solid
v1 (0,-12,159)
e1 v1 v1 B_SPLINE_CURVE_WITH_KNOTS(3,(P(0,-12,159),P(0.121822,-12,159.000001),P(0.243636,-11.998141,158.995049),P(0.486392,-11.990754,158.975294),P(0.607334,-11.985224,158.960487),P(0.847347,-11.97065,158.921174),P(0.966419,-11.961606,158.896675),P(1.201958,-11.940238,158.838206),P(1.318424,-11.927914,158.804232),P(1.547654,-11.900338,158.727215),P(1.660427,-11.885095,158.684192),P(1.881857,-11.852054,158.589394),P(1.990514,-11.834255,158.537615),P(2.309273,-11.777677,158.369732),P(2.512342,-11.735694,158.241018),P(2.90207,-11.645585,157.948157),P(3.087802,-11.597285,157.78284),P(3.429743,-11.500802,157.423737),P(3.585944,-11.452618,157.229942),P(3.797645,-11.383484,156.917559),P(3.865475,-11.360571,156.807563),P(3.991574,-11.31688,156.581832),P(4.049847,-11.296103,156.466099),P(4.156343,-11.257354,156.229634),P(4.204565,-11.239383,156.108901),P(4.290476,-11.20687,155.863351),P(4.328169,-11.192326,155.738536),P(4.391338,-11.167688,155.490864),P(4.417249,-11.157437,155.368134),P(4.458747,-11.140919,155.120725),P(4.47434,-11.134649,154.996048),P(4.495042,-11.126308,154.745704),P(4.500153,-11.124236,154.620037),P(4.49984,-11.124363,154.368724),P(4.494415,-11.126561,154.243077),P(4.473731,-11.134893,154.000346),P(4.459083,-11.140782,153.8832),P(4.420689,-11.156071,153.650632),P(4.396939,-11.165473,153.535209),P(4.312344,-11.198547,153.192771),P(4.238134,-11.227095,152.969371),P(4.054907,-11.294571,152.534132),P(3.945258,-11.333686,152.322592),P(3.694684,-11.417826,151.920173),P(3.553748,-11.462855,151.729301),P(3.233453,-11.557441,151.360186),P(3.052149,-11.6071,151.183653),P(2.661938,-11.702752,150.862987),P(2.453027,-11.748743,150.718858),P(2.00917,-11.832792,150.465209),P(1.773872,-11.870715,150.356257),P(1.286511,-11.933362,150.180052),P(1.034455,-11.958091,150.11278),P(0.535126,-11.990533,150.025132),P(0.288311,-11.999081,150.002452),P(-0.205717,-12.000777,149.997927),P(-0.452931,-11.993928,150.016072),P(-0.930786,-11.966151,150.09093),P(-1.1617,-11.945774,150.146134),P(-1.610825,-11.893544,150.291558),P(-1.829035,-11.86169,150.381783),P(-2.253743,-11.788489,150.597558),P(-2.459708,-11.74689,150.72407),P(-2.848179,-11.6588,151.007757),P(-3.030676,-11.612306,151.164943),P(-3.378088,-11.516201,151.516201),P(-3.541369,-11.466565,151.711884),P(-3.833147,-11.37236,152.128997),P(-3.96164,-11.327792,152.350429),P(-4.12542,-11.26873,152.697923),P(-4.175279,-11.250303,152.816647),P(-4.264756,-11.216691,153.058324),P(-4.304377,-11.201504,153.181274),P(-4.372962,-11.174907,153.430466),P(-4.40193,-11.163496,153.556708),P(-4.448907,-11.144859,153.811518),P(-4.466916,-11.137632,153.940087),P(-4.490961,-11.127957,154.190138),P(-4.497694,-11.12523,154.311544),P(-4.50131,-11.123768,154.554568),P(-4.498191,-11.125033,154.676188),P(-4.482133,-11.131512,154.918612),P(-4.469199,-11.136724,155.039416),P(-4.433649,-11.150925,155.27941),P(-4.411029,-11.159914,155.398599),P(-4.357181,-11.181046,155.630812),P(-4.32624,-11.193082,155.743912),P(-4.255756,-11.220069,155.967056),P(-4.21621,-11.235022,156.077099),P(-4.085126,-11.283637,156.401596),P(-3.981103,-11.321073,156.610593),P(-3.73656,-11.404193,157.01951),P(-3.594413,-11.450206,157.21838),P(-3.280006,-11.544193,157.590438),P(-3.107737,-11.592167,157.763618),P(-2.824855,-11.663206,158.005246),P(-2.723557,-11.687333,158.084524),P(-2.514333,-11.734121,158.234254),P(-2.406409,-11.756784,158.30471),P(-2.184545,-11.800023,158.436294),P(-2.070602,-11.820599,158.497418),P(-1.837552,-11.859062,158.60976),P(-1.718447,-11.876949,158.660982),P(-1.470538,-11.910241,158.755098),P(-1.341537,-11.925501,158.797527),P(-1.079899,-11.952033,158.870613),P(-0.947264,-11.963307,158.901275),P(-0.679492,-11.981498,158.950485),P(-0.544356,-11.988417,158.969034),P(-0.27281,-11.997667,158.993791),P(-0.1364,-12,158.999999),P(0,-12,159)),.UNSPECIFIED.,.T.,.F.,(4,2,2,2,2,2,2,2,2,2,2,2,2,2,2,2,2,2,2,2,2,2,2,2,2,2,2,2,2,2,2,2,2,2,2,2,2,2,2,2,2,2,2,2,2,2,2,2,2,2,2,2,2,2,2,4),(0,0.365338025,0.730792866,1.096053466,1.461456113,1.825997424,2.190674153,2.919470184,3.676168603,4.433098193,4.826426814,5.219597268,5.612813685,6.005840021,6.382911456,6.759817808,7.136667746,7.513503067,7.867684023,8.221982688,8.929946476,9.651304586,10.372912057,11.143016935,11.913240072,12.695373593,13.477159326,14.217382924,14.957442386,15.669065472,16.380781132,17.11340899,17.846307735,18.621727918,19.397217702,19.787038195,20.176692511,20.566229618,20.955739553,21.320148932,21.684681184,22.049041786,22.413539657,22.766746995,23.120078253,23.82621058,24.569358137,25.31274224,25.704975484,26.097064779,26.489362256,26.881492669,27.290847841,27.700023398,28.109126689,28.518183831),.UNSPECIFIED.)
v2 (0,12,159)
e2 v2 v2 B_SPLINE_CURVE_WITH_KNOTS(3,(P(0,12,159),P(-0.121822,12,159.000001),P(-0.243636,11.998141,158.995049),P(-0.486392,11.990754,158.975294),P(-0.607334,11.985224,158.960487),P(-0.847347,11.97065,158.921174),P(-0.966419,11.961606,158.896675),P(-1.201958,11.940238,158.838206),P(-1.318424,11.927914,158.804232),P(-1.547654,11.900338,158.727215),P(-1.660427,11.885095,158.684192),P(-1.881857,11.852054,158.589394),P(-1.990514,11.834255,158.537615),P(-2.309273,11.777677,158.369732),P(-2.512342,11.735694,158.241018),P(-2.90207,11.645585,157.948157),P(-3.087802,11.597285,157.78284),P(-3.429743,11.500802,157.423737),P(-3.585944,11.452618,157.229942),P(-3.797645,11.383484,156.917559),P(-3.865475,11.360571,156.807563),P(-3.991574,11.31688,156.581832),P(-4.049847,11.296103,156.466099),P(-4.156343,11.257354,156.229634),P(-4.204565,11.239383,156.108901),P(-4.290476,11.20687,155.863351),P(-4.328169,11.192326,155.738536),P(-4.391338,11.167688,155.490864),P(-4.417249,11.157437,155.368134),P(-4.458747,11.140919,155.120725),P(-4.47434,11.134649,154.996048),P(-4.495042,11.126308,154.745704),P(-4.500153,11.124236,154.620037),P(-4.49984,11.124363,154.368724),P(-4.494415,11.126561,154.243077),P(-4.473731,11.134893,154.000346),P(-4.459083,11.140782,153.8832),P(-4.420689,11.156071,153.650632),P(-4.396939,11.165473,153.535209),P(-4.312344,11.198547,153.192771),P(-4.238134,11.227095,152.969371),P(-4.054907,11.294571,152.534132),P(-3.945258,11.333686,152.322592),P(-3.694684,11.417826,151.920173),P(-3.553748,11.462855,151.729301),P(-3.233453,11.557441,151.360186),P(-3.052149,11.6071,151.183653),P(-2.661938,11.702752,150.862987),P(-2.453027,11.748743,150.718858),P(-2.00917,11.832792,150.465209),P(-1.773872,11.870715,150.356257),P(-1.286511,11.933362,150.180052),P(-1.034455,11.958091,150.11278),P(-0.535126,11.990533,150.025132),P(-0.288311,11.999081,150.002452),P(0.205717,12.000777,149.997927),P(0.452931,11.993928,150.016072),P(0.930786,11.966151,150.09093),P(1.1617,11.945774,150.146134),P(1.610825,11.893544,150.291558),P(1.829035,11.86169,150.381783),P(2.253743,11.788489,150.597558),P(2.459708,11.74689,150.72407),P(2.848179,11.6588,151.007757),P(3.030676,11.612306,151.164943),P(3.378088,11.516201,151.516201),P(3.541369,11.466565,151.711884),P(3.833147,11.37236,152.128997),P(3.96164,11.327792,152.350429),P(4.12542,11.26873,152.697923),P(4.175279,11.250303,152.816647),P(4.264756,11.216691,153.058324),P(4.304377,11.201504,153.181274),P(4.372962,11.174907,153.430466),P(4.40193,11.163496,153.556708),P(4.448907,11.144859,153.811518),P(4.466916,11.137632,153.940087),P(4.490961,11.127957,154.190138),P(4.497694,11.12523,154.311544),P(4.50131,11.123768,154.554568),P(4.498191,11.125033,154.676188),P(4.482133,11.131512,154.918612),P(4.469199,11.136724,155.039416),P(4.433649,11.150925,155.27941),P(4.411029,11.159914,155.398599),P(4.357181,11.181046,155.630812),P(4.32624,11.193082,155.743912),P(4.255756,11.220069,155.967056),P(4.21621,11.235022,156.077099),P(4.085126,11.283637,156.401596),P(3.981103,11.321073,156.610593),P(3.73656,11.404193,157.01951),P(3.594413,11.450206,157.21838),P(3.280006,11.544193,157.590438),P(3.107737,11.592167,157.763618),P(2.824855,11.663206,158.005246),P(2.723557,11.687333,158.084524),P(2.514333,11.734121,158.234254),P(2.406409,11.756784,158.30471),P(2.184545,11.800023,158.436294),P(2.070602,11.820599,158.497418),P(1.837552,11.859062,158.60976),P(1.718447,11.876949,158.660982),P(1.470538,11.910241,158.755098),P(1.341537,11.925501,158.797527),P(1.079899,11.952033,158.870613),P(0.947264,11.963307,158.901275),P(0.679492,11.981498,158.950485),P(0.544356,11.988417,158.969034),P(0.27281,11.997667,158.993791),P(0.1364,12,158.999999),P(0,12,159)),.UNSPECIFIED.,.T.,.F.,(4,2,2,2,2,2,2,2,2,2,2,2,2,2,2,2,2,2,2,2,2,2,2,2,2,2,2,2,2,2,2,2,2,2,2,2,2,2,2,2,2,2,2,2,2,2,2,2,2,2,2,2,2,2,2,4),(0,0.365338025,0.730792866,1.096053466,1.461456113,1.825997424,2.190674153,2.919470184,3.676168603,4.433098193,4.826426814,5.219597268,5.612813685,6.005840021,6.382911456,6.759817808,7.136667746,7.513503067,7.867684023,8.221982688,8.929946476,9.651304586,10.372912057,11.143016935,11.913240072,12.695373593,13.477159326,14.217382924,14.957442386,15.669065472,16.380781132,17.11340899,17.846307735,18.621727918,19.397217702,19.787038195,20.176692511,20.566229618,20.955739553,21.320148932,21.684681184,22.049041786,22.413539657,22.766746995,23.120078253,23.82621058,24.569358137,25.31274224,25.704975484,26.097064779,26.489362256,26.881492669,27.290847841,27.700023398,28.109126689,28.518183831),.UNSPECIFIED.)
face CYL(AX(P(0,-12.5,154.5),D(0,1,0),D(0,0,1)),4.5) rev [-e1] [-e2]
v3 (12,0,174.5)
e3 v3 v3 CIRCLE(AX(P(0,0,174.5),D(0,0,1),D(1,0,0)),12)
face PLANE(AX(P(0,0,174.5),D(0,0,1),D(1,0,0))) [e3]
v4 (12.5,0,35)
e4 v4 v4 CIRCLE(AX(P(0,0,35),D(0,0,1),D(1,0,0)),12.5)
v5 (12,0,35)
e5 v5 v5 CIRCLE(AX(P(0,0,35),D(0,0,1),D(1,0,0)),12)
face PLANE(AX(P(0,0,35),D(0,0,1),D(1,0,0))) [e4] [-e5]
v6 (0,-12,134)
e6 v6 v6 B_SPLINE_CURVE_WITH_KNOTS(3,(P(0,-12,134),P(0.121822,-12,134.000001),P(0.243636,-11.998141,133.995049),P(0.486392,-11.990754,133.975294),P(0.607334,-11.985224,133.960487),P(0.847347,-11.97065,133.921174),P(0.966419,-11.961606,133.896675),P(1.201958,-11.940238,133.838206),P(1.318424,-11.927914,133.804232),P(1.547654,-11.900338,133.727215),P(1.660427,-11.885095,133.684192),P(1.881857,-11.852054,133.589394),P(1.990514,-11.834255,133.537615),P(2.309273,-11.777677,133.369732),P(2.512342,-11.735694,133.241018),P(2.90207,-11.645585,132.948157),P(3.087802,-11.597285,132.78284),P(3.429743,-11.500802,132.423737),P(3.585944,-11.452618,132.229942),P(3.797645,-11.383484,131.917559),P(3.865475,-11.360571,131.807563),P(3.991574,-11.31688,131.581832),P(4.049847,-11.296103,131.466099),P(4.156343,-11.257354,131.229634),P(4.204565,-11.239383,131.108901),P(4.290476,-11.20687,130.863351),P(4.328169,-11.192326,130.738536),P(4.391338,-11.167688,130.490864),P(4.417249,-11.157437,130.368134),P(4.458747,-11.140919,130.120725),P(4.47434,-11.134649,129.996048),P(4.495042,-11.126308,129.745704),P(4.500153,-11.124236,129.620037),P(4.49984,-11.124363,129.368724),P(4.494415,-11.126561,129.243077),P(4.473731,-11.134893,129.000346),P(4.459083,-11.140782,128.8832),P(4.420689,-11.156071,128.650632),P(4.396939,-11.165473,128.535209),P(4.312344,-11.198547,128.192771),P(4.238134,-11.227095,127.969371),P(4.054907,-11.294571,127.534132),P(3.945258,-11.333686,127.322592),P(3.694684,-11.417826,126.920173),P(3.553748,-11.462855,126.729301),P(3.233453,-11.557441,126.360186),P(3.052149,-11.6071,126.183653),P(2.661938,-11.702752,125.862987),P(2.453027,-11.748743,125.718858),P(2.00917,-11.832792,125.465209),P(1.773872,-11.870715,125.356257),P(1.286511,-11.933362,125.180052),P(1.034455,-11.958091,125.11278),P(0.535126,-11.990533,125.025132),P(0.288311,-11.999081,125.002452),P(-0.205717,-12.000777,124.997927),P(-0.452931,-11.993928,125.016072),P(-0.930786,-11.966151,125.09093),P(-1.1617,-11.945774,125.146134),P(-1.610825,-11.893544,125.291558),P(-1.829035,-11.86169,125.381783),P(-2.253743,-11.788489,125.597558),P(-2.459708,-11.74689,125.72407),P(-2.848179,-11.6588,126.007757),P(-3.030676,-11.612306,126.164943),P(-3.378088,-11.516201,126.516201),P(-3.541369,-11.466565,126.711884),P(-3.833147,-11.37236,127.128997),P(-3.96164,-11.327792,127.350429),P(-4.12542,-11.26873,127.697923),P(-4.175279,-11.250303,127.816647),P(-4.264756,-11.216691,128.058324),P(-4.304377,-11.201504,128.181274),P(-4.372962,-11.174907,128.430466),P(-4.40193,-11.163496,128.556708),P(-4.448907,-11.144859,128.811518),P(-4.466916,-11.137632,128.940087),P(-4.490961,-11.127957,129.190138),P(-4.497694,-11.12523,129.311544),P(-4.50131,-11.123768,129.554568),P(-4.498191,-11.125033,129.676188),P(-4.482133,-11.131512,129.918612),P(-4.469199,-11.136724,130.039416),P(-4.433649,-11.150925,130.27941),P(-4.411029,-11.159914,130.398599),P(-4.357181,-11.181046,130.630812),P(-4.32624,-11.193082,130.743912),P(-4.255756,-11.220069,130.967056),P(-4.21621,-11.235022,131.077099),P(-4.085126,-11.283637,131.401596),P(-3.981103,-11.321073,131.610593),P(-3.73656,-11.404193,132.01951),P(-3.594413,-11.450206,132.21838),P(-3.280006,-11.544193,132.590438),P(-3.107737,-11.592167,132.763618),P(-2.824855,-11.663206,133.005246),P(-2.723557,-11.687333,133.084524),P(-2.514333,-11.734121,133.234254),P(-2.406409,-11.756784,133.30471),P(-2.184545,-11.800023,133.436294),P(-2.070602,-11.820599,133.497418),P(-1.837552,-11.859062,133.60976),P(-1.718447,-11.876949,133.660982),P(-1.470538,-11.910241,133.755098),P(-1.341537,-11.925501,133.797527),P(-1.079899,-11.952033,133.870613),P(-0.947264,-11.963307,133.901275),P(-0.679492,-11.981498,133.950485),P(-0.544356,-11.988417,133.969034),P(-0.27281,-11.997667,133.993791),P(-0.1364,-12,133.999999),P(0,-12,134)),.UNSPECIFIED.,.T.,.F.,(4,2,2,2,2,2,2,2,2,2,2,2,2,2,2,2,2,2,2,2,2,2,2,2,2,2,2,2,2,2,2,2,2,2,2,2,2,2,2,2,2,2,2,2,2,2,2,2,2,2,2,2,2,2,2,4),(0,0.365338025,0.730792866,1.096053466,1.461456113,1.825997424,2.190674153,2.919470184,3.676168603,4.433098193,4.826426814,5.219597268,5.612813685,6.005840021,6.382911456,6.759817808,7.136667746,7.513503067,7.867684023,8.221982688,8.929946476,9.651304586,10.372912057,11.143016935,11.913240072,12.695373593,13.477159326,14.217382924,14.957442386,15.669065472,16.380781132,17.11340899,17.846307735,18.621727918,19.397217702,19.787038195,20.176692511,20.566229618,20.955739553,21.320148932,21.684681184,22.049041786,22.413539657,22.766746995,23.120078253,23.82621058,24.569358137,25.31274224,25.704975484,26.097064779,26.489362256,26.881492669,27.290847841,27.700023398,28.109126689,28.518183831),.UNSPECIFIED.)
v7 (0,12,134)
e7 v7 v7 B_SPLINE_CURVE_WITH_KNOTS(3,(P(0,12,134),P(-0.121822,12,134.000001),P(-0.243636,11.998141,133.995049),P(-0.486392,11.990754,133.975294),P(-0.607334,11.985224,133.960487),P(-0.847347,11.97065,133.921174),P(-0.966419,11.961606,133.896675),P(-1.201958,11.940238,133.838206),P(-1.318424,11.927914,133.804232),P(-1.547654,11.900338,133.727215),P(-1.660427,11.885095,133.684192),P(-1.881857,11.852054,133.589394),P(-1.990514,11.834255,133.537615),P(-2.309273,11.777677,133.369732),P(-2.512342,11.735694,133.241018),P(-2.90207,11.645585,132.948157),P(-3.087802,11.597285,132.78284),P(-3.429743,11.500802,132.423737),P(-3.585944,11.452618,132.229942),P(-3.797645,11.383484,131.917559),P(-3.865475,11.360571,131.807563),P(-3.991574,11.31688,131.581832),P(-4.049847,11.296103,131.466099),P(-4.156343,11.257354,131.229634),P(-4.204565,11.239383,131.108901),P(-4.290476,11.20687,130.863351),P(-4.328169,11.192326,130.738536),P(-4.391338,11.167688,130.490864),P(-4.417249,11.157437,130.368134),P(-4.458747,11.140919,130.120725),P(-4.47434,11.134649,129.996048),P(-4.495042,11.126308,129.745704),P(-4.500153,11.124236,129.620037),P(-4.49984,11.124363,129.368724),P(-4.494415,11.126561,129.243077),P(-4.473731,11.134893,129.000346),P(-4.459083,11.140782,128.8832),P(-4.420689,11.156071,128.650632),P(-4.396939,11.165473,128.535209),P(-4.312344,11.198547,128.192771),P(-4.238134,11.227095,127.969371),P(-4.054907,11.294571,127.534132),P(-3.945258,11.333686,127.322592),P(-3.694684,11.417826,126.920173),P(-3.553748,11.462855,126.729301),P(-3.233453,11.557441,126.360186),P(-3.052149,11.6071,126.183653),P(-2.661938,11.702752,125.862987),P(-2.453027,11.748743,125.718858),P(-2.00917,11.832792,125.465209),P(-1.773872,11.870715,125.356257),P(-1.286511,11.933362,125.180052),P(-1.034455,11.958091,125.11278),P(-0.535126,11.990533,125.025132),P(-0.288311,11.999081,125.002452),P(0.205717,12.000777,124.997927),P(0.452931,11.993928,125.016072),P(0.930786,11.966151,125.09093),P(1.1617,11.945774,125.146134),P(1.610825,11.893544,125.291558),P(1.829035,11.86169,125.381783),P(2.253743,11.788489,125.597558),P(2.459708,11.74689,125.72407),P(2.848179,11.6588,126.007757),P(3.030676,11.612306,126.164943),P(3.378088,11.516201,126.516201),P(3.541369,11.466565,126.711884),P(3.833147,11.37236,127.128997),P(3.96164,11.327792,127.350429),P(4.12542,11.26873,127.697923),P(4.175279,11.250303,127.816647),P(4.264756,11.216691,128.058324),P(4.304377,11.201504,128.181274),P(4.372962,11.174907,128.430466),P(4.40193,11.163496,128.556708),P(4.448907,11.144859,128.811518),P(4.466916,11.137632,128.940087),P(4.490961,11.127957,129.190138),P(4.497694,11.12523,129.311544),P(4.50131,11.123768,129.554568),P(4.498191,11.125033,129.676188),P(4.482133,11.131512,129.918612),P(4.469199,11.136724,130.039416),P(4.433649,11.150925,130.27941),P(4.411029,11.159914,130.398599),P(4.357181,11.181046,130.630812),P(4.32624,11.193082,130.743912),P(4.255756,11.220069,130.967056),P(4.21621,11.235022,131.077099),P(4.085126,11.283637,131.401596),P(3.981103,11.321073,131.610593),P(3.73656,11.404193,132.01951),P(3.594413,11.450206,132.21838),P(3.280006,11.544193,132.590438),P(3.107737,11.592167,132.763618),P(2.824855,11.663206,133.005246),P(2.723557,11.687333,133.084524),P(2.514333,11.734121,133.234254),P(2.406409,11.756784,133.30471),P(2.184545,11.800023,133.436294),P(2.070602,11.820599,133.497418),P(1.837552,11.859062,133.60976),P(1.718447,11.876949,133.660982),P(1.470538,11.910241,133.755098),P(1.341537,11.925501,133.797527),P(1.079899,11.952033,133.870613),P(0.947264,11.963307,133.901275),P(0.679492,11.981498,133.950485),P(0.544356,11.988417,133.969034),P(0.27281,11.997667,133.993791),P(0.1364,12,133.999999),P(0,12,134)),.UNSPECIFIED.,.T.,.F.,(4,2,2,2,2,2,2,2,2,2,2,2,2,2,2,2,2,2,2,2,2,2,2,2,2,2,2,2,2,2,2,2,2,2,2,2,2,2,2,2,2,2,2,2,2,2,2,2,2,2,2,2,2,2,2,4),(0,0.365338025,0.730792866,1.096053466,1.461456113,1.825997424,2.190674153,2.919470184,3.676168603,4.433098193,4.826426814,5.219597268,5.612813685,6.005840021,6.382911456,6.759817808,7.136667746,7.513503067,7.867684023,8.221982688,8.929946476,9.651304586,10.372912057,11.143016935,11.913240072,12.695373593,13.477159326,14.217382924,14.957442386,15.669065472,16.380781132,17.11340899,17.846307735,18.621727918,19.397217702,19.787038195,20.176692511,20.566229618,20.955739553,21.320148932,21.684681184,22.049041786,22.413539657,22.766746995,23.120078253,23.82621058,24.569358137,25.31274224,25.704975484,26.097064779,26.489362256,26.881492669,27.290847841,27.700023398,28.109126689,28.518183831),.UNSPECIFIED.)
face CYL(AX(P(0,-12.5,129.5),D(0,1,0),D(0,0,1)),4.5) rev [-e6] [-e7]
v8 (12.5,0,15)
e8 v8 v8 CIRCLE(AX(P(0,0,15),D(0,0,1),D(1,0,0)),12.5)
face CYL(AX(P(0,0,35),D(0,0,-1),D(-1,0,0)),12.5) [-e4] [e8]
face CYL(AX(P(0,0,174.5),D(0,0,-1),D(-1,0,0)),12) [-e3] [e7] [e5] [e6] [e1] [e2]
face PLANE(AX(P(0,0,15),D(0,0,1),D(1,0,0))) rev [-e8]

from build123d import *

# Parameters (mm, degrees)
SKETCH1_R               = 10
BOSS_EXTRUDE1_DEPTH     = 15
SKETCH2_R               = 12.5
BOSS_EXTRUDE2_DEPTH     = 20
SKETCH3_R               = 12
BOSS_EXTRUDE3_DEPTH     = 139.5
SKETCH4_R               = 4.5
CUT_EXTRUDE1_DEPTH      = 176.393129854
CUT_EXTRUDE2_DEPTH      = 176.393129954
CUT_EXTRUDE2_DEPTH_BACK = 176.393129954
SKETCH5_W               = 50.129657838
SKETCH5_H               = 19.874218845
LPATTERN1_COUNT         = 2
LPATTERN1_PITCH         = 25


with BuildPart() as part:
    # Sketch1 → Boss-Extrude1 (new body)
    with BuildSketch(Plane.XY):
        Circle(SKETCH1_R)
    extrude(amount=BOSS_EXTRUDE1_DEPTH)

    # Sketch2 → Boss-Extrude2 (add)
    with BuildSketch(Plane.XY.offset(15)):
        Circle(SKETCH2_R)
    extrude(amount=BOSS_EXTRUDE2_DEPTH)

    # Sketch3 → Boss-Extrude3 (add)
    with BuildSketch(Plane.XY.offset(35)):
        Circle(SKETCH3_R)
    extrude(amount=BOSS_EXTRUDE3_DEPTH)

    # Sketch4 → Cut-Extrude1 (cut, symmetric)
    with BuildSketch(Plane(origin=(0, 0, 0), x_dir=(1, 0, 0), z_dir=(0, 1, 0))):
        with Locations(Location((0, -154.5, 0), (0, 0, 270))):
            Circle(SKETCH4_R)
    cut_extrude1 = extrude(amount=CUT_EXTRUDE1_DEPTH, both=True, mode=Mode.SUBTRACT)

    # Sketch5 → Cut-Extrude2 (cut, two sides: drawn at the far end of the back side and taken through both)
    with BuildSketch(Plane(origin=(0, 0, 0), x_dir=(1, 0, 0), z_dir=(0, 1, 0)).offset(-CUT_EXTRUDE2_DEPTH_BACK)):
        with Locations((-12.564828919, -5.062890578)):
            Rectangle(SKETCH5_W, SKETCH5_H)
    extrude(amount=CUT_EXTRUDE2_DEPTH + CUT_EXTRUDE2_DEPTH_BACK, mode=Mode.SUBTRACT)

    # LPattern1: Cut-Extrude1 ×2
    with Locations(*[(0, 0, -i * LPATTERN1_PITCH) for i in range(1, LPATTERN1_COUNT)]):
        add(cut_extrude1, mode=Mode.SUBTRACT)


solid = part.part
